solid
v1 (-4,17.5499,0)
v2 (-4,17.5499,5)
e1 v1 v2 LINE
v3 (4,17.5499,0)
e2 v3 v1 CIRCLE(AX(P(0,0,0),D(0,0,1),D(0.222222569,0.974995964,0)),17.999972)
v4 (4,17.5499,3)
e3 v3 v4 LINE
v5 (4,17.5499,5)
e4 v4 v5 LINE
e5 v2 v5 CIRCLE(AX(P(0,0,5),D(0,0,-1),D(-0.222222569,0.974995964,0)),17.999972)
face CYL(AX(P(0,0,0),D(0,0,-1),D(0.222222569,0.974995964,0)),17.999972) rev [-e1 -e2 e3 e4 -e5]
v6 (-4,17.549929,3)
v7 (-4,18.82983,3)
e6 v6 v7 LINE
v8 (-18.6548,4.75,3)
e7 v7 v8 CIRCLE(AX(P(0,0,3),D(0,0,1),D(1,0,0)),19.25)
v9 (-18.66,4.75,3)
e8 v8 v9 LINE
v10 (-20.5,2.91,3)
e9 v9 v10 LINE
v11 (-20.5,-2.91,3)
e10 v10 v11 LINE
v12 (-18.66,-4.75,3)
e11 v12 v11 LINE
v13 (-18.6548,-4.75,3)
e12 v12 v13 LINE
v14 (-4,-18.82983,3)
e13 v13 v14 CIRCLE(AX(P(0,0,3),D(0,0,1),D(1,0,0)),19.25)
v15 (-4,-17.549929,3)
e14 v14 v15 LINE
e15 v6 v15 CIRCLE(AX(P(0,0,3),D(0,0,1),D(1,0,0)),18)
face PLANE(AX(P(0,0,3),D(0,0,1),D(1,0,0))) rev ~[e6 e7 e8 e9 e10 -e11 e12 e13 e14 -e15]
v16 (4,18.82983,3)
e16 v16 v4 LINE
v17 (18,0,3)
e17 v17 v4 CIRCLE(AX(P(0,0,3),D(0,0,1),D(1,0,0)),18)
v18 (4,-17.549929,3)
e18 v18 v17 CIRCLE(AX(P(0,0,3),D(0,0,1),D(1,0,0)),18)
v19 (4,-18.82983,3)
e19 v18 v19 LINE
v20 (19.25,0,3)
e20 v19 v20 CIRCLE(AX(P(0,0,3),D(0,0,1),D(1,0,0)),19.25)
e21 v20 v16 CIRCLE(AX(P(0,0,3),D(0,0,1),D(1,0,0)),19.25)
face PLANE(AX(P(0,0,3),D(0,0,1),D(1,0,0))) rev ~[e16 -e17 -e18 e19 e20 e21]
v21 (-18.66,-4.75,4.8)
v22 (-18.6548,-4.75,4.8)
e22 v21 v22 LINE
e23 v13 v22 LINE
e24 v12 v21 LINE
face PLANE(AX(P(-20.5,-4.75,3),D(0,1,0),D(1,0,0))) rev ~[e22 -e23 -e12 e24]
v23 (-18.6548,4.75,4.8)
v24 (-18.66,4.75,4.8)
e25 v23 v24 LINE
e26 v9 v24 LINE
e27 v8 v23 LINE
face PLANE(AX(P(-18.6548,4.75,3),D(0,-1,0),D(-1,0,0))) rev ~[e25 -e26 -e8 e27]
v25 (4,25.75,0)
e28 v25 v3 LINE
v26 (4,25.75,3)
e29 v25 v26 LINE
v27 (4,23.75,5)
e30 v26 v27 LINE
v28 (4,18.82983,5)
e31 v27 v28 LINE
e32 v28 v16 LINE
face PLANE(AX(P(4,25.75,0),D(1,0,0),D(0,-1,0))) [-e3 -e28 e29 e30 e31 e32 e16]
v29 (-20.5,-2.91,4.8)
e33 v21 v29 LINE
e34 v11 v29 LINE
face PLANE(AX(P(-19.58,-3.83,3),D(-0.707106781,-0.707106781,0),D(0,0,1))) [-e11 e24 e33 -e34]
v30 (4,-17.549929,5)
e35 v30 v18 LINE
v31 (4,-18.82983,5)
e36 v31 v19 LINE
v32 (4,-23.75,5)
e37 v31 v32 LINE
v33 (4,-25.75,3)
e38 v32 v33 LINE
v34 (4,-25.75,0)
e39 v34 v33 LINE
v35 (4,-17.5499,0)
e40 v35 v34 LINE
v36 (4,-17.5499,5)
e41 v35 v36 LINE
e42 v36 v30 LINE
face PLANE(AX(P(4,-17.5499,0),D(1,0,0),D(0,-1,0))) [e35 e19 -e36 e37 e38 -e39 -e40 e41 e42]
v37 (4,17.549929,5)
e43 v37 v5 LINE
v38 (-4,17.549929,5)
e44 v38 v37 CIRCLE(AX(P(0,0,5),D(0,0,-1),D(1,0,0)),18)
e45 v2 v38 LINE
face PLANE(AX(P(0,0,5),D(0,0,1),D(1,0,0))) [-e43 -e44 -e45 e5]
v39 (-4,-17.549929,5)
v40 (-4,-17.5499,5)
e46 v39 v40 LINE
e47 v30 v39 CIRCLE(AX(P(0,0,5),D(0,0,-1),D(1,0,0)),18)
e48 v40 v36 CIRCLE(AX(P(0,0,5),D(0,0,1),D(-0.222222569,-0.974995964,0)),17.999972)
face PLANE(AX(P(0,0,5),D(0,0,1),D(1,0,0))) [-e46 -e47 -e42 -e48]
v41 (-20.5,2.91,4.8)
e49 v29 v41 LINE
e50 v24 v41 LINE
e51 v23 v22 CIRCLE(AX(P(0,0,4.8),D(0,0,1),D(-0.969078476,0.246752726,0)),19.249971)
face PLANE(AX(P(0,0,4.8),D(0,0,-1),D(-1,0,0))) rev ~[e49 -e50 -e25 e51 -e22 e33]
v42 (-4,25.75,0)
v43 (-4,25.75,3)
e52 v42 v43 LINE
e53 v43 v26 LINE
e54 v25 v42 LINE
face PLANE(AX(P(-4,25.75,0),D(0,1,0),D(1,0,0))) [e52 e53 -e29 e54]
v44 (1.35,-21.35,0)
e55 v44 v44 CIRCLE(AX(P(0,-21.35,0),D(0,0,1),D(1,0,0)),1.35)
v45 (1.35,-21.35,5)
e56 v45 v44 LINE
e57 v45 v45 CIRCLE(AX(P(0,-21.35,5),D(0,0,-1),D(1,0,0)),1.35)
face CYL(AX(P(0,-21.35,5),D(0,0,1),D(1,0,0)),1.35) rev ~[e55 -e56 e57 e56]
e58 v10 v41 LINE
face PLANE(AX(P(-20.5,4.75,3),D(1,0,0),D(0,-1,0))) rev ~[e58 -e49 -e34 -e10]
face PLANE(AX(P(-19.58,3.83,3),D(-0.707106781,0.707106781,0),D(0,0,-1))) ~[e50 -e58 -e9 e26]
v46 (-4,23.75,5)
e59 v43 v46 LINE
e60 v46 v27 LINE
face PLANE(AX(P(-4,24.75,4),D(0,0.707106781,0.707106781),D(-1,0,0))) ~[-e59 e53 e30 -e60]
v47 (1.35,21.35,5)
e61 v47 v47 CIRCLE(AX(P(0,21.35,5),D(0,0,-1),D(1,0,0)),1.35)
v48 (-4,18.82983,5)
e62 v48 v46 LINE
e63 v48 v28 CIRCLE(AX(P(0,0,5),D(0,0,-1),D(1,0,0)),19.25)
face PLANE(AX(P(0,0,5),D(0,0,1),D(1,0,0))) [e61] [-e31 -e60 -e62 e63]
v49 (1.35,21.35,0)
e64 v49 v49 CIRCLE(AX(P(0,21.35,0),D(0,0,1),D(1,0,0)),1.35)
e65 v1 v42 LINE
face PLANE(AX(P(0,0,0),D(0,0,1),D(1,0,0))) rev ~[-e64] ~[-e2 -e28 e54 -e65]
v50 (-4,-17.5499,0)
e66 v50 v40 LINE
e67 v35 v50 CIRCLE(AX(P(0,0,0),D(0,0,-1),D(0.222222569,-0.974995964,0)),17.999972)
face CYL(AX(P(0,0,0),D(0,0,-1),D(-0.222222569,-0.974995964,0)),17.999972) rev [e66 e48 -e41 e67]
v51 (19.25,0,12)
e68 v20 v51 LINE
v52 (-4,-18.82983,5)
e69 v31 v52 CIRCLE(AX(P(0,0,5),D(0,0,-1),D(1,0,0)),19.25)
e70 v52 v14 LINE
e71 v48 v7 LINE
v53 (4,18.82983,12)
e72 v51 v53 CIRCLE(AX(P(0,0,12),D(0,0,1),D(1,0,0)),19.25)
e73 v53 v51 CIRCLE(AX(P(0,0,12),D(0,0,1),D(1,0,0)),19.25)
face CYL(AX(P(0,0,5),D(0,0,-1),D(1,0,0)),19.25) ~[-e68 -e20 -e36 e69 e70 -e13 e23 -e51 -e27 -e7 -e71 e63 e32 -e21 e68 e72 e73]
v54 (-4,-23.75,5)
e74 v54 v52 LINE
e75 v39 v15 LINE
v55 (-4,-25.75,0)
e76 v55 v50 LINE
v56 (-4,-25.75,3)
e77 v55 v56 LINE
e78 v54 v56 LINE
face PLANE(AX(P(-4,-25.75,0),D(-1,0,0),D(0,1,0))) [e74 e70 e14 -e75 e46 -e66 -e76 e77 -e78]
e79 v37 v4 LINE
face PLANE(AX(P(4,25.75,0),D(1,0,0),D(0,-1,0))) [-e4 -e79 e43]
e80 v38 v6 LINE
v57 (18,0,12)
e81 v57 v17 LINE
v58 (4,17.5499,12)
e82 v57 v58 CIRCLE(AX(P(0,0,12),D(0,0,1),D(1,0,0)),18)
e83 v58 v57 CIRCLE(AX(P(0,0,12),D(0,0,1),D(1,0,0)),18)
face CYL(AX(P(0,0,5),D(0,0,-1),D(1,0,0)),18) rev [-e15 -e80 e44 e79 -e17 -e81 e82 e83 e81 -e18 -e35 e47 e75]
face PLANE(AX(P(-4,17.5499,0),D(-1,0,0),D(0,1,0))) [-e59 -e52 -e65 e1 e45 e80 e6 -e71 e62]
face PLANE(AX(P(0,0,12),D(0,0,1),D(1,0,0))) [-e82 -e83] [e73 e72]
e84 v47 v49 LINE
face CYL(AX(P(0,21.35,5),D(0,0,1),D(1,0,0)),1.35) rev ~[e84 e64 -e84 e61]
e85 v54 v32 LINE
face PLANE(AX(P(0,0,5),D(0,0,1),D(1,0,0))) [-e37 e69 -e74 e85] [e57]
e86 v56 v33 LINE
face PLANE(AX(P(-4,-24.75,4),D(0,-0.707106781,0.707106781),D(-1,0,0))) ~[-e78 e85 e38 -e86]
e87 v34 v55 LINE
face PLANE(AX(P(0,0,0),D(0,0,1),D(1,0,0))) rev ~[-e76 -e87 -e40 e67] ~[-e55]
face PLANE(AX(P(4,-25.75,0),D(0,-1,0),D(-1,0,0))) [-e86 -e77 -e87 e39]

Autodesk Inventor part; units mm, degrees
ref_plane "YZ Plane" through (0, 0, 0) normal (1, 0, 0) x (0, 1, 0)
ref_plane "XZ Plane" through (0, 0, 0) normal (0, 1, 0) x (-1, 0, 0)
ref_plane "XY Plane" through (0, 0, 0) normal (0, 0, 1) x (1, 0, 0)
sketch "スケッチ1" plane through (0, 0, 0) normal (0, 0, 1) x (1, 0, 0)
  line L0 (-4, 25.75) -> (4, 25.75)
  line L1 (4, 25.75) -> (4, 17.5499)
  line L2 (-4, 17.5499) -> (-4, 25.75)
  line L3 (4, -17.5499) -> (4, -25.75)
  line L4 (4, -25.75) -> (-4, -25.75)
  line L5 (-4, -25.75) -> (-4, -17.5499)
  line L6 (0, -36.05) -> (0, 36.05) projected
  arc A0 (4, 17.5499) -> (-4, 17.5499) centre (0, 0) ccw
  arc A1 (-4, -17.5499) -> (4, -17.5499) centre (0, 0) ccw
  point P0 (0, 18)
  dimension "d1" = 18
  dimension "d2" = 18
  dimension "d3" = 51.5
  dimension "d4" = 25.75
  dimension "d5" = 8
extrude "押し出し1" add sketch "スケッチ1" along normal blind 5
chamfer "面取り1" distance 2 angle 45 2 edges at (0, 25.75, 5) (0, -25.75, 5)
sketch "スケッチ2" plane through (0, 0, 5) normal (0, 0, 1) x (1, 0, 0)
  line L0 (4, 25.75) -> (4, 17.5499) projected
  circle A0 centre (0, 0) radius 18
  circle A1 centre (0, 0) radius 19.25
  dimension "d15" = 38.5
extrude "押し出し2" add sketch "スケッチ2" along normal blind 7 and the other way blind 2
sketch "スケッチ3" plane through (0, 0, 3) normal (0, 0, -1) x (-1, 0, 0)
  line L0 (18.6548, 4.75) -> (20.5, 4.75)
  line L1 (20.5, 4.75) -> (20.5, -4.75)
  line L2 (20.5, -4.75) -> (18.6548, -4.75)
  arc A0 (4, -18.8298) -> (4, 18.8298) centre (0, 0) ccw projected
  line L3 (28.45, 0) -> (-27.2, 0) projected
  arc A1 (4, -17.5499) -> (4, 17.5499) centre (0, 0) ccw projected
  point P0 (20.5, 0)
  point P1 (18, 0)
  dimension "d16" = 9.5
  dimension "d17" = 2.5
extrude "押し出し3" add sketch "スケッチ3" against normal blind 1.8
chamfer "面取り2" distance 1.84 angle 45 2 edges at (-20.5, 4.75, 3.9) (-20.5, -4.75, 3.9)
sketch "スケッチ4" plane through (0, 0, 5) normal (0, 0, 1) x (1, 0, 0)
  circle A0 centre (0, 21.35) radius 1.35
  circle A1 centre (0, -21.35) radius 1.35
  line L0 (0, 20) -> (0, -20)
  point P0 (0, 0)
  point P1 (0, 0)
  dimension "d23" = 2.7
  dimension "d24" = 2.7
  dimension "d25" = 40
extrude "押し出し4" cut sketch "スケッチ4" against normal up to surface (5 mm away)
equation "\"d4\" = 0.5 * d3"
equation "\"d24\" = d23"
properties part number "conectcover"
